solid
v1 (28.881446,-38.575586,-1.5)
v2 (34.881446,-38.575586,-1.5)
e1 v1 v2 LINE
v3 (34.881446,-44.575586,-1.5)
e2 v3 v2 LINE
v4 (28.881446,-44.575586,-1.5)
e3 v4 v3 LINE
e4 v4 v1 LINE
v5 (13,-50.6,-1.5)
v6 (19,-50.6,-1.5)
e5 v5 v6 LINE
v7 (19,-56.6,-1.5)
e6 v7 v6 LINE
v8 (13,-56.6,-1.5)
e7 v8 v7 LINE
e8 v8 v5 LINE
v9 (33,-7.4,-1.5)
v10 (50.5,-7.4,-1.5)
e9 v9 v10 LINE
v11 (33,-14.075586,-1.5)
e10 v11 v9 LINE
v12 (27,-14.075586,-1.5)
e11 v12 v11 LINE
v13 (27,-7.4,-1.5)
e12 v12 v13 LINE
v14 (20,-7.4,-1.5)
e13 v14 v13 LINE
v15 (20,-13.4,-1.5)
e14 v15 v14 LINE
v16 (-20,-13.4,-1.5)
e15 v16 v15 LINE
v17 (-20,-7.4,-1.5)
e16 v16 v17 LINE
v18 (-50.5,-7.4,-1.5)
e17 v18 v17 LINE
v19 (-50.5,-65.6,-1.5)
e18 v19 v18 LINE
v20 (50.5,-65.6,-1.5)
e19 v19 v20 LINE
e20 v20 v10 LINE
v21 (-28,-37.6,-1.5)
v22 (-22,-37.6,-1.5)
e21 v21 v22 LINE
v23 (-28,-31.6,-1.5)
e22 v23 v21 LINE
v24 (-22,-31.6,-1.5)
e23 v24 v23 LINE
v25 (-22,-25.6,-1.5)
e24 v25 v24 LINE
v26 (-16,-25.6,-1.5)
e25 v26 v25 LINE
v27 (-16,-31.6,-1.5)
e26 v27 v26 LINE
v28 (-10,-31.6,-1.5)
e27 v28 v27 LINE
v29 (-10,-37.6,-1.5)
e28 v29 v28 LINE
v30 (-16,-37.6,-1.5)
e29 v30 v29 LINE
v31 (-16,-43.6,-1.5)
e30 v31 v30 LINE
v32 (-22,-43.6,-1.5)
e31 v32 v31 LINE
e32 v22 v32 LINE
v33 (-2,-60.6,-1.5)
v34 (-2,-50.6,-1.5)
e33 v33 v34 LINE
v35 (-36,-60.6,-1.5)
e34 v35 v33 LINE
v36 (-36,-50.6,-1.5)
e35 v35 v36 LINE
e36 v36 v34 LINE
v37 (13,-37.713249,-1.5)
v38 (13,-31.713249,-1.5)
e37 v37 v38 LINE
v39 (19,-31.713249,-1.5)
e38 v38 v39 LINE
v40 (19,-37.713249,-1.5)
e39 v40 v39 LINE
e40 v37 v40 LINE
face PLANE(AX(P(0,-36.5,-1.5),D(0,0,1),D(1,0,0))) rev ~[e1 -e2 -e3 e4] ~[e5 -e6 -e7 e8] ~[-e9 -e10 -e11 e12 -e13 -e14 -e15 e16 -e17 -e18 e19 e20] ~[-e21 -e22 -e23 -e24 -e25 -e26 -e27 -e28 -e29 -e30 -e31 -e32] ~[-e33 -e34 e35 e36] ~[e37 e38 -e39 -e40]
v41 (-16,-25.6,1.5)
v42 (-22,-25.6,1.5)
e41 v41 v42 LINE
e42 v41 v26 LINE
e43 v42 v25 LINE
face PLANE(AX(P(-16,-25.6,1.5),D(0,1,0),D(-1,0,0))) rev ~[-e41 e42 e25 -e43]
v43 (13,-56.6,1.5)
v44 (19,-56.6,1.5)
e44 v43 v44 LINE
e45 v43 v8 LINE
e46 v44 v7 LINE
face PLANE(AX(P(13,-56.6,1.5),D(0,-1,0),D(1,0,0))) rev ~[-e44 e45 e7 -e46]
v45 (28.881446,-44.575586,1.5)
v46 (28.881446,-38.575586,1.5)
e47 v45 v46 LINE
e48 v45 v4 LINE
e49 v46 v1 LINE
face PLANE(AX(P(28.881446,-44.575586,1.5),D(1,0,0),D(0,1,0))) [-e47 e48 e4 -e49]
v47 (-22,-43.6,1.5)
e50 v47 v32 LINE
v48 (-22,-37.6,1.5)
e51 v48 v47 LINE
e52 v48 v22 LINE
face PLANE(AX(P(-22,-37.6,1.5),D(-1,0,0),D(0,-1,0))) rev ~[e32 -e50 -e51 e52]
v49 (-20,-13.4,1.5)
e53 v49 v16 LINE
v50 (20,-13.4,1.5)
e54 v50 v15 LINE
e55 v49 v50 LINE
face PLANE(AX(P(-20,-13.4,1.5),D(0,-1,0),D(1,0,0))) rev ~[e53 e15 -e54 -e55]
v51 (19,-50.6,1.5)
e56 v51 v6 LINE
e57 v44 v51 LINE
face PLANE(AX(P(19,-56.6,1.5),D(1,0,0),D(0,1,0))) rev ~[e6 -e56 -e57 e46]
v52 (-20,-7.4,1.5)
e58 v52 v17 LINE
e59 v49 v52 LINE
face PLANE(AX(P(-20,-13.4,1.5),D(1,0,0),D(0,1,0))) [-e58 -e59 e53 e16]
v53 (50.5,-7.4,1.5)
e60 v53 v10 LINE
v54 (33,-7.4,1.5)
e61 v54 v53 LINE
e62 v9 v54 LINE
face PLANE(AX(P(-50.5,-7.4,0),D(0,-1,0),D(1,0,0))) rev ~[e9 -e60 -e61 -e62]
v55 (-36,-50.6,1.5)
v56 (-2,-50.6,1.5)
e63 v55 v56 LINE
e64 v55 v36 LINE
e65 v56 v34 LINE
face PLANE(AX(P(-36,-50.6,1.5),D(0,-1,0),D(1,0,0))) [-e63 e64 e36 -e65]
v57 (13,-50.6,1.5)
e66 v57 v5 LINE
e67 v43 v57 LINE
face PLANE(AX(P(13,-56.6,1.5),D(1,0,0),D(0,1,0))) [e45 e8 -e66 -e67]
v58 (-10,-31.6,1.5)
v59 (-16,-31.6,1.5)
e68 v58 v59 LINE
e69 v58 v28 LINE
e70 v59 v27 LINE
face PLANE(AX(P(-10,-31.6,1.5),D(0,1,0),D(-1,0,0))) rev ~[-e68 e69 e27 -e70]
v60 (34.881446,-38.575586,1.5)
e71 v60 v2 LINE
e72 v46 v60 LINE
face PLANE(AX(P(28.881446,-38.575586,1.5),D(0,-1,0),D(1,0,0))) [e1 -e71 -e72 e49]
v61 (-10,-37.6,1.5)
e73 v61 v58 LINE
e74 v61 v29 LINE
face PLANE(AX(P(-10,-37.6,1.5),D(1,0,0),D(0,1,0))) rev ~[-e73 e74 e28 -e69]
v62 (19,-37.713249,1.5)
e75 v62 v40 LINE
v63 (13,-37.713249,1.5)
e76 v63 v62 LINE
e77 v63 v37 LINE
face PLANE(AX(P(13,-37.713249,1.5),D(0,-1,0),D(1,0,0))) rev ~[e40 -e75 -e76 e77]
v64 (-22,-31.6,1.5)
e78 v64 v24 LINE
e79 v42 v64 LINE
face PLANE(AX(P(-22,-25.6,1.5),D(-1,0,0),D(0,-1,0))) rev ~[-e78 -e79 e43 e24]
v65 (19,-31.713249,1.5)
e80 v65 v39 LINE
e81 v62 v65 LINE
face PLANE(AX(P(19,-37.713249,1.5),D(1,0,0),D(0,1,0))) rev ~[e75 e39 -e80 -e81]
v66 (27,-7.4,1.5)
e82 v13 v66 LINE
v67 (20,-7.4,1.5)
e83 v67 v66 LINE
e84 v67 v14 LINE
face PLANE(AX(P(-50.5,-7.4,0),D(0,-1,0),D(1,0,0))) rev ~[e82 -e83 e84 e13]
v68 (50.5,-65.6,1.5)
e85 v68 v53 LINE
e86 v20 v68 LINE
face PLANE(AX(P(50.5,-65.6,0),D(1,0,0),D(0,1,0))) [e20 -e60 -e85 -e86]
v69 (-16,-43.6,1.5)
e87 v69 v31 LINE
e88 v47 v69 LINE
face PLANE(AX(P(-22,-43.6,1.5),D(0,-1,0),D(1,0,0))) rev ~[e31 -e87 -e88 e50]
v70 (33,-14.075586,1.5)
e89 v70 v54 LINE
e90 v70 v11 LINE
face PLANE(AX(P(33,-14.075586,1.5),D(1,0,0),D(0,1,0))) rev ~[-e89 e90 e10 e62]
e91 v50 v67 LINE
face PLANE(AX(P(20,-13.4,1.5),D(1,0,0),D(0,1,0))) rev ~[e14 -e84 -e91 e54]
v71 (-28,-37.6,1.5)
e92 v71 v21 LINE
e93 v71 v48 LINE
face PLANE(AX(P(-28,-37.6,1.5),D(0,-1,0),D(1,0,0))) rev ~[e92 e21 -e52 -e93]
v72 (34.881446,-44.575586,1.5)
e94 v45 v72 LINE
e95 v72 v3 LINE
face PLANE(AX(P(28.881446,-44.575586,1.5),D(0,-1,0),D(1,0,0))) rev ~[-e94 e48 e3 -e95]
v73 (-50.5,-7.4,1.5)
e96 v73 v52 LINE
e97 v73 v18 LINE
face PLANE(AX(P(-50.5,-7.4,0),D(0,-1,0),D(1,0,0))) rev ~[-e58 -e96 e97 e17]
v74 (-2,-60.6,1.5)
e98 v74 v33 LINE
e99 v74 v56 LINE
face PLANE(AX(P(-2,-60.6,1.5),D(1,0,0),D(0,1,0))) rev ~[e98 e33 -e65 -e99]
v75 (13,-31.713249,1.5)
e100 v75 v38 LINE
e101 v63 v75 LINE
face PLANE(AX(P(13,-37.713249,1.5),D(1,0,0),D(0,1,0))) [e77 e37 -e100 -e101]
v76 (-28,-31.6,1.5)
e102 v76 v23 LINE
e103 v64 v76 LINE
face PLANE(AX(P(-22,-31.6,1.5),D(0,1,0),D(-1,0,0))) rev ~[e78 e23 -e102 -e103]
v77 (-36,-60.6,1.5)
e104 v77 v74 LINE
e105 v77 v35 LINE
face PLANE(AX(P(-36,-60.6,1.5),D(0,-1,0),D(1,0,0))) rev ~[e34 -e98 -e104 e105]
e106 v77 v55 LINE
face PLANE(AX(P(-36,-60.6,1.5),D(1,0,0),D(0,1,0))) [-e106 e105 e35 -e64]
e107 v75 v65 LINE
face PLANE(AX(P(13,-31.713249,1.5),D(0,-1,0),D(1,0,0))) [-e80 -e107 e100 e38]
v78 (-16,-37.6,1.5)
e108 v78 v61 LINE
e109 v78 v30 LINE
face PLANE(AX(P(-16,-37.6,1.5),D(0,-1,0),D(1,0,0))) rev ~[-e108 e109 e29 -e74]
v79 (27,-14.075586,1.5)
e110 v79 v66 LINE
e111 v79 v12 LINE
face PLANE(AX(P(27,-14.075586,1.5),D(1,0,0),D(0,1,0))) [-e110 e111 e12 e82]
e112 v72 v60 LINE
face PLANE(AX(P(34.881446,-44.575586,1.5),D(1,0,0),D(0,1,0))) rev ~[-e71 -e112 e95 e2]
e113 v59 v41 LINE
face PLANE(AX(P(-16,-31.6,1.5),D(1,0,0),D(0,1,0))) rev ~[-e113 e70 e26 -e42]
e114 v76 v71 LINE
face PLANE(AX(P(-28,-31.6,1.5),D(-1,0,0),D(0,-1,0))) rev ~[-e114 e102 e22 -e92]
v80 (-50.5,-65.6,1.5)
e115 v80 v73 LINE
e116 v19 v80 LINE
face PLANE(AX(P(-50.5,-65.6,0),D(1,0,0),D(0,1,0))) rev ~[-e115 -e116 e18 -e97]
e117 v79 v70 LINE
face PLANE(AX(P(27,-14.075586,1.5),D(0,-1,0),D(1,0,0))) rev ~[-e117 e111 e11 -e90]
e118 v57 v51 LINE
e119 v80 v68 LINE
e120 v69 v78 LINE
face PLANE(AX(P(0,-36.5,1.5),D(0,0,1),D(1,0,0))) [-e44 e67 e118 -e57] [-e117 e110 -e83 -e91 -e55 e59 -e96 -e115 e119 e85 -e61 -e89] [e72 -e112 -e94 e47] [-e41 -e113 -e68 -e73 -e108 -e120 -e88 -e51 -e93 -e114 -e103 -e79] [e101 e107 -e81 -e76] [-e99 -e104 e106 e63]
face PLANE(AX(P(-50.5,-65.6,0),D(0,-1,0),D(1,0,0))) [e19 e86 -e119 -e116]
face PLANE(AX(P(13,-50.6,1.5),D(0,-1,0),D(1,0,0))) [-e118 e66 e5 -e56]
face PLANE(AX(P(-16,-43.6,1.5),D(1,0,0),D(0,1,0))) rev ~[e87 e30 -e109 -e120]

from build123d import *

# Parameters (mm, degrees)
SKETCH1_W           = 101
SKETCH1_H           = 58.2
BOSS_EXTRUDE1_DEPTH = 1.5
SKETCH2_W           = 6
SKETCH2_H           = 6
SKETCH2_W_2         = 40
SKETCH2_H_2         = 8
SKETCH2_W_3         = 34
SKETCH2_H_3         = 10
CUT_EXTRUDE2_DEPTH  = 83.840871555


with BuildPart() as part:
    # Sketch1 → Boss-Extrude1 (new, symmetric)
    with BuildSketch(Plane.XY):
        with Locations((0, -36.5)):
            Rectangle(SKETCH1_W, SKETCH1_H)
    extrude(amount=BOSS_EXTRUDE1_DEPTH, both=True)

    # Sketch2 → Cut-Extrude2 (cut, through all)
    with BuildSketch(Plane.XY.offset(1.5)):
        with Locations((16, -34.713248654)):
            Rectangle(SKETCH2_W, SKETCH2_H)
        with Locations((31.881445826, -41.57558602)):
            Rectangle(SKETCH2_W, SKETCH2_H)
        with Locations((0, -10.4)):
            Rectangle(SKETCH2_W_2, SKETCH2_H)
        with Locations((16, -53.6)):
            Rectangle(SKETCH2_W, SKETCH2_H)
        Polygon((-22, -43.6), (-16, -43.6), (-16, -37.6), (-10, -37.6), (-10, -31.6), (-16, -31.6), (-16, -25.6), (-22, -25.6), (-22, -31.6), (-28, -31.6), (-28, -37.6), (-22, -37.6), align=None)
        with Locations((30, -10.07558602)):
            Rectangle(SKETCH2_W, SKETCH2_H_2)
        with Locations((-19, -55.6)):
            Rectangle(SKETCH2_W_3, SKETCH2_H_3)
    extrude(amount=-CUT_EXTRUDE2_DEPTH, mode=Mode.SUBTRACT)


solid = part.part
